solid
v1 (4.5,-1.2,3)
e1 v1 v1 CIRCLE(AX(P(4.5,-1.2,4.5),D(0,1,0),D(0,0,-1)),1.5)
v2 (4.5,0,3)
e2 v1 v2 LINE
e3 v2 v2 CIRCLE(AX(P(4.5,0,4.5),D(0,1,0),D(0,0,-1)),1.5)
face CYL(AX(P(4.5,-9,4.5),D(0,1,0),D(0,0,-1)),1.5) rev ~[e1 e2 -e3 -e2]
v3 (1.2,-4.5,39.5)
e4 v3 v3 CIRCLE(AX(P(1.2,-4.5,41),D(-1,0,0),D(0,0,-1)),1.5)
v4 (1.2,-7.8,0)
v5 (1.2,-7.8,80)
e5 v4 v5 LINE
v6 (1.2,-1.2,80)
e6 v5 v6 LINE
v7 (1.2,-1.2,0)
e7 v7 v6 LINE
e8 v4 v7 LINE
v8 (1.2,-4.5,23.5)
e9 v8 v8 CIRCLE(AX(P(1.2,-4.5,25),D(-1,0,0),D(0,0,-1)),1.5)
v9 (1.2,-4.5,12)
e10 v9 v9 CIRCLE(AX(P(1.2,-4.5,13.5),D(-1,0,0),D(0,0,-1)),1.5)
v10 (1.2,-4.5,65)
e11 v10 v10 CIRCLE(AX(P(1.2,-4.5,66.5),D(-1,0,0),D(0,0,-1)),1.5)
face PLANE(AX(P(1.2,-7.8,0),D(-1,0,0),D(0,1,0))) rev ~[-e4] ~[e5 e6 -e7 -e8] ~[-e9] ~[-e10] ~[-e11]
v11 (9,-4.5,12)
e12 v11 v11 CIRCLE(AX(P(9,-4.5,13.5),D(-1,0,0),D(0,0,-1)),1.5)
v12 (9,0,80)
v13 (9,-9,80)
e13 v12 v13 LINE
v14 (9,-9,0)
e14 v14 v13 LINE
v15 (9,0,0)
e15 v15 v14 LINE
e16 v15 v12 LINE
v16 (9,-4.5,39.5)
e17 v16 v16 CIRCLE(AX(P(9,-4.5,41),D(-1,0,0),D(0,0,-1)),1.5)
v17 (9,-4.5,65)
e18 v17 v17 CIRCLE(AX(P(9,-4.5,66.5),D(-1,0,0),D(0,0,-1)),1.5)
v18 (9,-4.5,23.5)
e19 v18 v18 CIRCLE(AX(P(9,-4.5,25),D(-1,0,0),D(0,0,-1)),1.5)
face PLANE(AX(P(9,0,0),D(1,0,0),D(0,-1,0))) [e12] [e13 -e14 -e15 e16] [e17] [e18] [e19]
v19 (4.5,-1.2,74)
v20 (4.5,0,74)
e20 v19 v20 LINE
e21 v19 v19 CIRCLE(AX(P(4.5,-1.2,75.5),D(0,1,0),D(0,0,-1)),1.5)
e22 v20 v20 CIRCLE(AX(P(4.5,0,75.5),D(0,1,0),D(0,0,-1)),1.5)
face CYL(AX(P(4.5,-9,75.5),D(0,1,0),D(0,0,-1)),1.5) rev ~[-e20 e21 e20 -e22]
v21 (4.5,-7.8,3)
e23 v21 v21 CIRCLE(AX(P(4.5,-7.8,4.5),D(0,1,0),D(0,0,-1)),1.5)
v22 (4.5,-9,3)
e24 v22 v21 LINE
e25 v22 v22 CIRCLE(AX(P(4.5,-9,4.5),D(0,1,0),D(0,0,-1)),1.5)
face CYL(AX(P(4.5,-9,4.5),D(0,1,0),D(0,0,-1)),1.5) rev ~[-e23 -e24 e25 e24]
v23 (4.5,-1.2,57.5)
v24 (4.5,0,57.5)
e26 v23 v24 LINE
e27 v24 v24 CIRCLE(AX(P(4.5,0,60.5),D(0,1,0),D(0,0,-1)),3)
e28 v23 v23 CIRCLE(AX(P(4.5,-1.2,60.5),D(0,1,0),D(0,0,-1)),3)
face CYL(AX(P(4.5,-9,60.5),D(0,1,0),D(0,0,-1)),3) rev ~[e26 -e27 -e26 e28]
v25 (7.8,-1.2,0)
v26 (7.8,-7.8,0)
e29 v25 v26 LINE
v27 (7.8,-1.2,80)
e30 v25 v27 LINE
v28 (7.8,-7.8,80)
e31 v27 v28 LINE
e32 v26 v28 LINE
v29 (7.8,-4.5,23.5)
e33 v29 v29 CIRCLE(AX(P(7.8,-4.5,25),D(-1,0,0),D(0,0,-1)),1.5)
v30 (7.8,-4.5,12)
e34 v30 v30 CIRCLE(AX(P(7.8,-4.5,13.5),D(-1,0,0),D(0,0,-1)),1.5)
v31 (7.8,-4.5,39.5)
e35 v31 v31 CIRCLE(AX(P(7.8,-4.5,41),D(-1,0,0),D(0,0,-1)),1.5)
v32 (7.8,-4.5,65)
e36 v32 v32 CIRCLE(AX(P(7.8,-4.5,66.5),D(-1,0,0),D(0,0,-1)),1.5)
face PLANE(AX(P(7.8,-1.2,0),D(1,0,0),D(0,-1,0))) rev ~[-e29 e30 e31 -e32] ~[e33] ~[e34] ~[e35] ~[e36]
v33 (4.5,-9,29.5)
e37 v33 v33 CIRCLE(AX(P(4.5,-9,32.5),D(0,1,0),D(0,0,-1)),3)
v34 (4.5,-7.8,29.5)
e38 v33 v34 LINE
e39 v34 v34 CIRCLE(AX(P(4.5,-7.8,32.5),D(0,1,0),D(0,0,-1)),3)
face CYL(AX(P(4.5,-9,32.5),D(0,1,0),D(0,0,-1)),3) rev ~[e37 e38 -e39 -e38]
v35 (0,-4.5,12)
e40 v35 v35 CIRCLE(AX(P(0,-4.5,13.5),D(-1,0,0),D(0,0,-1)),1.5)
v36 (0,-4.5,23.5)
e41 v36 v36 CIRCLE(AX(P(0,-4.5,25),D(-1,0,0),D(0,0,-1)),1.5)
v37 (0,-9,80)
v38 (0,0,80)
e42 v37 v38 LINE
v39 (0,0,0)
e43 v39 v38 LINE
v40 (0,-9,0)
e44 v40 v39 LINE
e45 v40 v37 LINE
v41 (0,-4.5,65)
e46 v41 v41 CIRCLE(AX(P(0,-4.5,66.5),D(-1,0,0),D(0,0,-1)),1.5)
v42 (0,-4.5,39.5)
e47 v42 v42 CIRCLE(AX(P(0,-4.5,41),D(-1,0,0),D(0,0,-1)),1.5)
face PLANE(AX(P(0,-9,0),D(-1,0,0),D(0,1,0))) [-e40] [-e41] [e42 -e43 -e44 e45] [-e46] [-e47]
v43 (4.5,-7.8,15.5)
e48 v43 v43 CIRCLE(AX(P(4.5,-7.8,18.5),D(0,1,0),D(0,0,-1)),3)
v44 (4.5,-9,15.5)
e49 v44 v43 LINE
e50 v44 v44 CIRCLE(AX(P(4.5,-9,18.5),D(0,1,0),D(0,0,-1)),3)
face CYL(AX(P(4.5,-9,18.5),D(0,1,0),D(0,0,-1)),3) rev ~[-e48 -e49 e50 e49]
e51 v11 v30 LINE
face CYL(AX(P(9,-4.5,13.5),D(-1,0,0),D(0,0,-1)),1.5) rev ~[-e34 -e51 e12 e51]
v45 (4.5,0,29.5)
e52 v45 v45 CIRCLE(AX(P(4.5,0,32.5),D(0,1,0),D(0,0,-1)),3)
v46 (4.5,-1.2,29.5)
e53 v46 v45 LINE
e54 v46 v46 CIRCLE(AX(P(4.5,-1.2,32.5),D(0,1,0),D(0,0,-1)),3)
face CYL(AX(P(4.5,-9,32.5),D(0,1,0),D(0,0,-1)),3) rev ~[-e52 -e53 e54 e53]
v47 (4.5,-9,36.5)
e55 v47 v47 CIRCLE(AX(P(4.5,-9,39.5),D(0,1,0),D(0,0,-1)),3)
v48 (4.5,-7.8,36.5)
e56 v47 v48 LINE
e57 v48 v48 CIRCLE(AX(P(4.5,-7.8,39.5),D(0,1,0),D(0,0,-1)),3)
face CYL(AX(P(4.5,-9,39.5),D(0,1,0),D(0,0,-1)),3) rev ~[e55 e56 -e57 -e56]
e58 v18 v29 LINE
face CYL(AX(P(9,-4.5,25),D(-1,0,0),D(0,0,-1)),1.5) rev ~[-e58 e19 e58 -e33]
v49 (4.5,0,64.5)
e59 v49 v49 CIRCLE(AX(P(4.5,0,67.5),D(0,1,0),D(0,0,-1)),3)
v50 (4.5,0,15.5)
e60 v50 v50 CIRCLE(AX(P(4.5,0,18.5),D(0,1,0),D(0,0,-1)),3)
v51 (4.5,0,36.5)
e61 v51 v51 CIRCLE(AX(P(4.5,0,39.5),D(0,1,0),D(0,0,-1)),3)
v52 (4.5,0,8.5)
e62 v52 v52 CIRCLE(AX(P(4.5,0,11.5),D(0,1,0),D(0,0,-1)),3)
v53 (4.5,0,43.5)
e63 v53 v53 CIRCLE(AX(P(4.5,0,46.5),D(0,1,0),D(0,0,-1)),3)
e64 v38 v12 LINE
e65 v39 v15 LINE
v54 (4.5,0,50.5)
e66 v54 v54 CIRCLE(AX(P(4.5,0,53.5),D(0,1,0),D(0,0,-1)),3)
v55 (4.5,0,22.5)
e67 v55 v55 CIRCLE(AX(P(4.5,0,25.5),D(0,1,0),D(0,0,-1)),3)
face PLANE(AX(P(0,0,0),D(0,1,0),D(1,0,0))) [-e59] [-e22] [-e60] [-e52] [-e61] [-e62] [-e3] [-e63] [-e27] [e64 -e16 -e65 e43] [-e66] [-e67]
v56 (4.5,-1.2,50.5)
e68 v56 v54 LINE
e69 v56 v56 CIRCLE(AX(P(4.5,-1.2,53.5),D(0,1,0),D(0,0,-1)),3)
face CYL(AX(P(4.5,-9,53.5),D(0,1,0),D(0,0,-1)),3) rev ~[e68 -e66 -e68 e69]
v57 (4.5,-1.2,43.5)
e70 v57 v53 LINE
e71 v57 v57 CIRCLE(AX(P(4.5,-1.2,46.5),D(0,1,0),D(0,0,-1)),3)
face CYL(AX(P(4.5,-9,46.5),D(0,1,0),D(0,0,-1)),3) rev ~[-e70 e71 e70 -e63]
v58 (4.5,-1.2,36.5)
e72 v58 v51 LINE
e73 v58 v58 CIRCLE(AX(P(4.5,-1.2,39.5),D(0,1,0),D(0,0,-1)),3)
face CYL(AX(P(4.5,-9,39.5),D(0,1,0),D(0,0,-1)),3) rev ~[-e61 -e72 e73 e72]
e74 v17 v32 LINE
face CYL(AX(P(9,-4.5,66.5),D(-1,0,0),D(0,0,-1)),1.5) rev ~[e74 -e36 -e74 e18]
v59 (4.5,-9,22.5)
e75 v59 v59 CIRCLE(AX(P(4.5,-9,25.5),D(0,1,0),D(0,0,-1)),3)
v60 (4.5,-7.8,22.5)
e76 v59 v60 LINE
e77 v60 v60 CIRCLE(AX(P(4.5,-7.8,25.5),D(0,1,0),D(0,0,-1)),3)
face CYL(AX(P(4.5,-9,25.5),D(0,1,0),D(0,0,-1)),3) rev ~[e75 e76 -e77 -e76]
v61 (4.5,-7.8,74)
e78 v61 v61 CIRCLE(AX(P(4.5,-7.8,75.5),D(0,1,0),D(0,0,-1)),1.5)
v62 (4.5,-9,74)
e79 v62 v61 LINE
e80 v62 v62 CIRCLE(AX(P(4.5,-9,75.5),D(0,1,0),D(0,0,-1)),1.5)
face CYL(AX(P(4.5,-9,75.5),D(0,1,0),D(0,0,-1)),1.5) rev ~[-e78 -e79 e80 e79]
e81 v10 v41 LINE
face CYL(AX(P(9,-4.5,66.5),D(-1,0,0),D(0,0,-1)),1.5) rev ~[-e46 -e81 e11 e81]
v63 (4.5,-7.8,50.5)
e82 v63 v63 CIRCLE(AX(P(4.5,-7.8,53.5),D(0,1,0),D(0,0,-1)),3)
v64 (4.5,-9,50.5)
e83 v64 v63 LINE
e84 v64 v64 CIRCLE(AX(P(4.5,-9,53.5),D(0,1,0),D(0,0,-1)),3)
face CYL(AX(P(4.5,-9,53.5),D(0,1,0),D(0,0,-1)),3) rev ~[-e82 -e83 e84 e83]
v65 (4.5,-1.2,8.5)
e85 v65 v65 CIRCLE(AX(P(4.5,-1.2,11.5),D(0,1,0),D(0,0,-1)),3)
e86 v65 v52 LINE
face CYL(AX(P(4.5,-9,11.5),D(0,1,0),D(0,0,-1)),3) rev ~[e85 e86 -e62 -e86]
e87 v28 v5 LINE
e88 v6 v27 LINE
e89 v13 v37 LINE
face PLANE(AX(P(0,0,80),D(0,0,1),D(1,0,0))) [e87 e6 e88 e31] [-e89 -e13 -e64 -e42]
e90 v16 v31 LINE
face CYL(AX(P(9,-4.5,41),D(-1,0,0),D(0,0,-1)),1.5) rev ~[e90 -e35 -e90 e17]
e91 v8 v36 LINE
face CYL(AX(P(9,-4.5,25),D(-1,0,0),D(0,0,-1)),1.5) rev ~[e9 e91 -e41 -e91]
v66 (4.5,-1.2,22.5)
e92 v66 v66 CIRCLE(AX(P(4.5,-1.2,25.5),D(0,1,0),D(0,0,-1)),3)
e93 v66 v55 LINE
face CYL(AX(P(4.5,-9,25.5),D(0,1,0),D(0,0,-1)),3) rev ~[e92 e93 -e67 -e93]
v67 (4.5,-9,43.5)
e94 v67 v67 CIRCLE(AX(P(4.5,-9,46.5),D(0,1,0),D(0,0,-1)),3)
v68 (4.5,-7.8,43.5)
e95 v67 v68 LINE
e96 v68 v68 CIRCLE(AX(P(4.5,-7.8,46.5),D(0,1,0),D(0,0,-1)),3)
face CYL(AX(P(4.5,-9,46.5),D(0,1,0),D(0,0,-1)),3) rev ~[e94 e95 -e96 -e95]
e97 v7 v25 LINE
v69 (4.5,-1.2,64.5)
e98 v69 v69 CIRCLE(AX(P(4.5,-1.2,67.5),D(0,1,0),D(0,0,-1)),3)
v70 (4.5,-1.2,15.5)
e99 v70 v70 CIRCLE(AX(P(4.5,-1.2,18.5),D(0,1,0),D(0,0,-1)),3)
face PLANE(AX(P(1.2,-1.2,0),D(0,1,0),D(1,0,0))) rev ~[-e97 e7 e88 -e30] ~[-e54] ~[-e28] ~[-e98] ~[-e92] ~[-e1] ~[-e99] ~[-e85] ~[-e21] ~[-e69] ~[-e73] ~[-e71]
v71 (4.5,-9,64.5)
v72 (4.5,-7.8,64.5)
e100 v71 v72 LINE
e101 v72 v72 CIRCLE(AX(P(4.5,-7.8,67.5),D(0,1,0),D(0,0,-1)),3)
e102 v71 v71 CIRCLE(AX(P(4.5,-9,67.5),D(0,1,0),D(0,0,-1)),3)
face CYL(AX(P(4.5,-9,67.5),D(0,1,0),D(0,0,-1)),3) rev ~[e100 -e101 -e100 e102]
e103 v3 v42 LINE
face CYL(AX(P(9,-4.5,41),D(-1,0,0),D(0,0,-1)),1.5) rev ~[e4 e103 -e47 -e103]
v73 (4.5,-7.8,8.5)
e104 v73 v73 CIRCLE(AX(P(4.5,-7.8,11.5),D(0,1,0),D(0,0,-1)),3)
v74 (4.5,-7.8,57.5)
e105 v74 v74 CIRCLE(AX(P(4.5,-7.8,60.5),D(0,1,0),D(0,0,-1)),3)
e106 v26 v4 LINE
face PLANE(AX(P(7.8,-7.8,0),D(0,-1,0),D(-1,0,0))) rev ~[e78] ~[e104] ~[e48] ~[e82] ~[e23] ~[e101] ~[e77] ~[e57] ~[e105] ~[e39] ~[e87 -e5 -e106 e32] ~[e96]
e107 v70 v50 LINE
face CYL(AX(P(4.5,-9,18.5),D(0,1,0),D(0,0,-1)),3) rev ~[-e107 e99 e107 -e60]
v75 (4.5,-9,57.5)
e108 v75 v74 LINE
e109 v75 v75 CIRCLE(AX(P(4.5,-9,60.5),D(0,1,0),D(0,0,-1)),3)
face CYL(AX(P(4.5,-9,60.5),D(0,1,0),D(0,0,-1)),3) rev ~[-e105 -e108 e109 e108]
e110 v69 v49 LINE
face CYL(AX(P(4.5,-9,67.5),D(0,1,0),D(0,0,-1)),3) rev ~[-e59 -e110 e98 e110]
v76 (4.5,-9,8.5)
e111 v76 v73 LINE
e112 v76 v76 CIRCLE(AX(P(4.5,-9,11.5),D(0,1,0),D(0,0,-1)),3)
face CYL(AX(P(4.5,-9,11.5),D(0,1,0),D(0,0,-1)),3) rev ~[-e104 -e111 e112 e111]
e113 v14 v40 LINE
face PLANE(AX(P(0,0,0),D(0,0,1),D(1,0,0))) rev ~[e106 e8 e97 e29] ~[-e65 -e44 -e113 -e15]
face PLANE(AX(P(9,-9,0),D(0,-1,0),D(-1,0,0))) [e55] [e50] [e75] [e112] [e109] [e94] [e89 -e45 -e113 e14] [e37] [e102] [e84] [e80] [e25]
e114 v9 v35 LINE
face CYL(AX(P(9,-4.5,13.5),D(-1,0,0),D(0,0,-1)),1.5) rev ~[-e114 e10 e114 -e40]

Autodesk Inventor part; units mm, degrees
ref_plane "YZ Plane" through (0, 0, 0) normal (1, 0, 0) x (0, 1, 0)
ref_plane "XZ Plane" through (0, 0, 0) normal (0, 1, 0) x (-1, 0, 0)
ref_plane "XY Plane" through (0, 0, 0) normal (0, 0, 1) x (1, 0, 0)
sketch "スケッチ1" plane through (0, 0, 0) normal (0, 0, 1) x (1, 0, 0)
  line L0 (0, 0) -> (9, 0)
  line L1 (9, 0) -> (9, -9)
  line L2 (9, -9) -> (0, -9)
  line L3 (0, -9) -> (0, 0)
  line L4 (1.2, -1.2) -> (7.8, -1.2)
  line L5 (7.8, -1.2) -> (7.8, -7.8)
  line L6 (7.8, -7.8) -> (1.2, -7.8)
  line L7 (1.2, -7.8) -> (1.2, -1.2)
  dimension "d0" = 9
  dimension "d1" = 9
  dimension "d2" = 6.6
  dimension "d3" = 6.6
  dimension "d4" = 1.2
  dimension "d5" = 1.2
extrude "押し出し1" add sketch "スケッチ1" along normal blind 80
sketch "スケッチ2" plane through (9, -9, 0) normal (1, 0, 0) x (0, 0, -1)
  line L0 (0, 9) -> (-80, 9) projected
  line L1 (-80, 0) -> (-80, 9) projected
  line L2 (0, 0) -> (0, 9) projected
  point P0 (-41, 4.5)
  point P1 (-25, 4.5)
  dimension "d8" = 16
  dimension "d9" = 4.5
  dimension "d10" = 4.5
  dimension "d11" = 80
  dimension "d42" = 25
hole "穴1" at (9, -4.5, 41) at (9, -4.5, 25) direction (-1, 0, 0) diameter 3 end through all
sketch "スケッチ3" plane through (0, -9, 0) normal (0, -1, 0) x (1, 0, 0)
  line L0 (0, 80) -> (9, 80) projected
  line L1 (0, 0) -> (9, 0) projected
  line L2 (9, 0) -> (9, 80) projected
  point P0 (4.5, 4.5)
  point P1 (4.5, 75.5)
  dimension "d20" = 4.5
  dimension "d21" = 4.5
  dimension "d22" = 4.5
  dimension "d23" = 4.5
hole "穴2" at (4.5, -9, 4.5) at (4.5, -9, 75.5) direction (0, 1, 0) diameter 3 end through all
sketch "スケッチ4" plane through (9, -9, 0) normal (1, 0, 0) x (0, 0, -1)
  line L0 (0, 0) -> (0, 9) projected
  line L1 (-80, 0) -> (-80, 9) projected
  line L2 (0, 0) -> (-80, 0) projected
  point P0 (-13.5, 4.5)
  point P1 (-66.5, 4.5)
  dimension "d31" = 13.5
  dimension "d32" = 13.5
  dimension "d33" = 4.5
  dimension "d34" = 4.5
hole "穴3" at (9, -4.5, 13.5) at (9, -4.5, 66.5) direction (-1, 0, 0) diameter 3 end through all
sketch "スケッチ5" plane through (0, -9, 0) normal (0, -1, 0) x (1, 0, 0)
  line L0 (0, 0) -> (0, 80) projected
  circle A0 centre (4.5, 4.5) radius 1.5 projected
  point P0 (4.5, 11.5)
  point P1 (4.5, 18.5)
  point P2 (4.5, 25.5)
  point P3 (4.5, 32.5)
  point P4 (4.5, 39.5)
  point P5 (4.5, 46.5)
  point P6 (4.5, 53.5)
  point P7 (4.5, 60.5)
  point P8 (4.5, 67.5)
  dimension "d43" = 4.5
  dimension "d44" = 7
  dimension "d47" = 7
hole "穴4" at (4.5, -9, 11.5) at (4.5, -9, 18.5) at (4.5, -9, 25.5) at (4.5, -9, 32.5) at (4.5, -9, 39.5) at (4.5, -9, 46.5) at (4.5, -9, 53.5) at (4.5, -9, 60.5) at (4.5, -9, 67.5) direction (0, 1, 0) diameter 6 end through all
equation "\"d22\" = d21"
equation "\"d23\" = d20"
equation "\"d32\" = d31"
equation "\"d34\" = d33"
properties part number "上下直動9x9_1" material "アルミニウム 6061"
